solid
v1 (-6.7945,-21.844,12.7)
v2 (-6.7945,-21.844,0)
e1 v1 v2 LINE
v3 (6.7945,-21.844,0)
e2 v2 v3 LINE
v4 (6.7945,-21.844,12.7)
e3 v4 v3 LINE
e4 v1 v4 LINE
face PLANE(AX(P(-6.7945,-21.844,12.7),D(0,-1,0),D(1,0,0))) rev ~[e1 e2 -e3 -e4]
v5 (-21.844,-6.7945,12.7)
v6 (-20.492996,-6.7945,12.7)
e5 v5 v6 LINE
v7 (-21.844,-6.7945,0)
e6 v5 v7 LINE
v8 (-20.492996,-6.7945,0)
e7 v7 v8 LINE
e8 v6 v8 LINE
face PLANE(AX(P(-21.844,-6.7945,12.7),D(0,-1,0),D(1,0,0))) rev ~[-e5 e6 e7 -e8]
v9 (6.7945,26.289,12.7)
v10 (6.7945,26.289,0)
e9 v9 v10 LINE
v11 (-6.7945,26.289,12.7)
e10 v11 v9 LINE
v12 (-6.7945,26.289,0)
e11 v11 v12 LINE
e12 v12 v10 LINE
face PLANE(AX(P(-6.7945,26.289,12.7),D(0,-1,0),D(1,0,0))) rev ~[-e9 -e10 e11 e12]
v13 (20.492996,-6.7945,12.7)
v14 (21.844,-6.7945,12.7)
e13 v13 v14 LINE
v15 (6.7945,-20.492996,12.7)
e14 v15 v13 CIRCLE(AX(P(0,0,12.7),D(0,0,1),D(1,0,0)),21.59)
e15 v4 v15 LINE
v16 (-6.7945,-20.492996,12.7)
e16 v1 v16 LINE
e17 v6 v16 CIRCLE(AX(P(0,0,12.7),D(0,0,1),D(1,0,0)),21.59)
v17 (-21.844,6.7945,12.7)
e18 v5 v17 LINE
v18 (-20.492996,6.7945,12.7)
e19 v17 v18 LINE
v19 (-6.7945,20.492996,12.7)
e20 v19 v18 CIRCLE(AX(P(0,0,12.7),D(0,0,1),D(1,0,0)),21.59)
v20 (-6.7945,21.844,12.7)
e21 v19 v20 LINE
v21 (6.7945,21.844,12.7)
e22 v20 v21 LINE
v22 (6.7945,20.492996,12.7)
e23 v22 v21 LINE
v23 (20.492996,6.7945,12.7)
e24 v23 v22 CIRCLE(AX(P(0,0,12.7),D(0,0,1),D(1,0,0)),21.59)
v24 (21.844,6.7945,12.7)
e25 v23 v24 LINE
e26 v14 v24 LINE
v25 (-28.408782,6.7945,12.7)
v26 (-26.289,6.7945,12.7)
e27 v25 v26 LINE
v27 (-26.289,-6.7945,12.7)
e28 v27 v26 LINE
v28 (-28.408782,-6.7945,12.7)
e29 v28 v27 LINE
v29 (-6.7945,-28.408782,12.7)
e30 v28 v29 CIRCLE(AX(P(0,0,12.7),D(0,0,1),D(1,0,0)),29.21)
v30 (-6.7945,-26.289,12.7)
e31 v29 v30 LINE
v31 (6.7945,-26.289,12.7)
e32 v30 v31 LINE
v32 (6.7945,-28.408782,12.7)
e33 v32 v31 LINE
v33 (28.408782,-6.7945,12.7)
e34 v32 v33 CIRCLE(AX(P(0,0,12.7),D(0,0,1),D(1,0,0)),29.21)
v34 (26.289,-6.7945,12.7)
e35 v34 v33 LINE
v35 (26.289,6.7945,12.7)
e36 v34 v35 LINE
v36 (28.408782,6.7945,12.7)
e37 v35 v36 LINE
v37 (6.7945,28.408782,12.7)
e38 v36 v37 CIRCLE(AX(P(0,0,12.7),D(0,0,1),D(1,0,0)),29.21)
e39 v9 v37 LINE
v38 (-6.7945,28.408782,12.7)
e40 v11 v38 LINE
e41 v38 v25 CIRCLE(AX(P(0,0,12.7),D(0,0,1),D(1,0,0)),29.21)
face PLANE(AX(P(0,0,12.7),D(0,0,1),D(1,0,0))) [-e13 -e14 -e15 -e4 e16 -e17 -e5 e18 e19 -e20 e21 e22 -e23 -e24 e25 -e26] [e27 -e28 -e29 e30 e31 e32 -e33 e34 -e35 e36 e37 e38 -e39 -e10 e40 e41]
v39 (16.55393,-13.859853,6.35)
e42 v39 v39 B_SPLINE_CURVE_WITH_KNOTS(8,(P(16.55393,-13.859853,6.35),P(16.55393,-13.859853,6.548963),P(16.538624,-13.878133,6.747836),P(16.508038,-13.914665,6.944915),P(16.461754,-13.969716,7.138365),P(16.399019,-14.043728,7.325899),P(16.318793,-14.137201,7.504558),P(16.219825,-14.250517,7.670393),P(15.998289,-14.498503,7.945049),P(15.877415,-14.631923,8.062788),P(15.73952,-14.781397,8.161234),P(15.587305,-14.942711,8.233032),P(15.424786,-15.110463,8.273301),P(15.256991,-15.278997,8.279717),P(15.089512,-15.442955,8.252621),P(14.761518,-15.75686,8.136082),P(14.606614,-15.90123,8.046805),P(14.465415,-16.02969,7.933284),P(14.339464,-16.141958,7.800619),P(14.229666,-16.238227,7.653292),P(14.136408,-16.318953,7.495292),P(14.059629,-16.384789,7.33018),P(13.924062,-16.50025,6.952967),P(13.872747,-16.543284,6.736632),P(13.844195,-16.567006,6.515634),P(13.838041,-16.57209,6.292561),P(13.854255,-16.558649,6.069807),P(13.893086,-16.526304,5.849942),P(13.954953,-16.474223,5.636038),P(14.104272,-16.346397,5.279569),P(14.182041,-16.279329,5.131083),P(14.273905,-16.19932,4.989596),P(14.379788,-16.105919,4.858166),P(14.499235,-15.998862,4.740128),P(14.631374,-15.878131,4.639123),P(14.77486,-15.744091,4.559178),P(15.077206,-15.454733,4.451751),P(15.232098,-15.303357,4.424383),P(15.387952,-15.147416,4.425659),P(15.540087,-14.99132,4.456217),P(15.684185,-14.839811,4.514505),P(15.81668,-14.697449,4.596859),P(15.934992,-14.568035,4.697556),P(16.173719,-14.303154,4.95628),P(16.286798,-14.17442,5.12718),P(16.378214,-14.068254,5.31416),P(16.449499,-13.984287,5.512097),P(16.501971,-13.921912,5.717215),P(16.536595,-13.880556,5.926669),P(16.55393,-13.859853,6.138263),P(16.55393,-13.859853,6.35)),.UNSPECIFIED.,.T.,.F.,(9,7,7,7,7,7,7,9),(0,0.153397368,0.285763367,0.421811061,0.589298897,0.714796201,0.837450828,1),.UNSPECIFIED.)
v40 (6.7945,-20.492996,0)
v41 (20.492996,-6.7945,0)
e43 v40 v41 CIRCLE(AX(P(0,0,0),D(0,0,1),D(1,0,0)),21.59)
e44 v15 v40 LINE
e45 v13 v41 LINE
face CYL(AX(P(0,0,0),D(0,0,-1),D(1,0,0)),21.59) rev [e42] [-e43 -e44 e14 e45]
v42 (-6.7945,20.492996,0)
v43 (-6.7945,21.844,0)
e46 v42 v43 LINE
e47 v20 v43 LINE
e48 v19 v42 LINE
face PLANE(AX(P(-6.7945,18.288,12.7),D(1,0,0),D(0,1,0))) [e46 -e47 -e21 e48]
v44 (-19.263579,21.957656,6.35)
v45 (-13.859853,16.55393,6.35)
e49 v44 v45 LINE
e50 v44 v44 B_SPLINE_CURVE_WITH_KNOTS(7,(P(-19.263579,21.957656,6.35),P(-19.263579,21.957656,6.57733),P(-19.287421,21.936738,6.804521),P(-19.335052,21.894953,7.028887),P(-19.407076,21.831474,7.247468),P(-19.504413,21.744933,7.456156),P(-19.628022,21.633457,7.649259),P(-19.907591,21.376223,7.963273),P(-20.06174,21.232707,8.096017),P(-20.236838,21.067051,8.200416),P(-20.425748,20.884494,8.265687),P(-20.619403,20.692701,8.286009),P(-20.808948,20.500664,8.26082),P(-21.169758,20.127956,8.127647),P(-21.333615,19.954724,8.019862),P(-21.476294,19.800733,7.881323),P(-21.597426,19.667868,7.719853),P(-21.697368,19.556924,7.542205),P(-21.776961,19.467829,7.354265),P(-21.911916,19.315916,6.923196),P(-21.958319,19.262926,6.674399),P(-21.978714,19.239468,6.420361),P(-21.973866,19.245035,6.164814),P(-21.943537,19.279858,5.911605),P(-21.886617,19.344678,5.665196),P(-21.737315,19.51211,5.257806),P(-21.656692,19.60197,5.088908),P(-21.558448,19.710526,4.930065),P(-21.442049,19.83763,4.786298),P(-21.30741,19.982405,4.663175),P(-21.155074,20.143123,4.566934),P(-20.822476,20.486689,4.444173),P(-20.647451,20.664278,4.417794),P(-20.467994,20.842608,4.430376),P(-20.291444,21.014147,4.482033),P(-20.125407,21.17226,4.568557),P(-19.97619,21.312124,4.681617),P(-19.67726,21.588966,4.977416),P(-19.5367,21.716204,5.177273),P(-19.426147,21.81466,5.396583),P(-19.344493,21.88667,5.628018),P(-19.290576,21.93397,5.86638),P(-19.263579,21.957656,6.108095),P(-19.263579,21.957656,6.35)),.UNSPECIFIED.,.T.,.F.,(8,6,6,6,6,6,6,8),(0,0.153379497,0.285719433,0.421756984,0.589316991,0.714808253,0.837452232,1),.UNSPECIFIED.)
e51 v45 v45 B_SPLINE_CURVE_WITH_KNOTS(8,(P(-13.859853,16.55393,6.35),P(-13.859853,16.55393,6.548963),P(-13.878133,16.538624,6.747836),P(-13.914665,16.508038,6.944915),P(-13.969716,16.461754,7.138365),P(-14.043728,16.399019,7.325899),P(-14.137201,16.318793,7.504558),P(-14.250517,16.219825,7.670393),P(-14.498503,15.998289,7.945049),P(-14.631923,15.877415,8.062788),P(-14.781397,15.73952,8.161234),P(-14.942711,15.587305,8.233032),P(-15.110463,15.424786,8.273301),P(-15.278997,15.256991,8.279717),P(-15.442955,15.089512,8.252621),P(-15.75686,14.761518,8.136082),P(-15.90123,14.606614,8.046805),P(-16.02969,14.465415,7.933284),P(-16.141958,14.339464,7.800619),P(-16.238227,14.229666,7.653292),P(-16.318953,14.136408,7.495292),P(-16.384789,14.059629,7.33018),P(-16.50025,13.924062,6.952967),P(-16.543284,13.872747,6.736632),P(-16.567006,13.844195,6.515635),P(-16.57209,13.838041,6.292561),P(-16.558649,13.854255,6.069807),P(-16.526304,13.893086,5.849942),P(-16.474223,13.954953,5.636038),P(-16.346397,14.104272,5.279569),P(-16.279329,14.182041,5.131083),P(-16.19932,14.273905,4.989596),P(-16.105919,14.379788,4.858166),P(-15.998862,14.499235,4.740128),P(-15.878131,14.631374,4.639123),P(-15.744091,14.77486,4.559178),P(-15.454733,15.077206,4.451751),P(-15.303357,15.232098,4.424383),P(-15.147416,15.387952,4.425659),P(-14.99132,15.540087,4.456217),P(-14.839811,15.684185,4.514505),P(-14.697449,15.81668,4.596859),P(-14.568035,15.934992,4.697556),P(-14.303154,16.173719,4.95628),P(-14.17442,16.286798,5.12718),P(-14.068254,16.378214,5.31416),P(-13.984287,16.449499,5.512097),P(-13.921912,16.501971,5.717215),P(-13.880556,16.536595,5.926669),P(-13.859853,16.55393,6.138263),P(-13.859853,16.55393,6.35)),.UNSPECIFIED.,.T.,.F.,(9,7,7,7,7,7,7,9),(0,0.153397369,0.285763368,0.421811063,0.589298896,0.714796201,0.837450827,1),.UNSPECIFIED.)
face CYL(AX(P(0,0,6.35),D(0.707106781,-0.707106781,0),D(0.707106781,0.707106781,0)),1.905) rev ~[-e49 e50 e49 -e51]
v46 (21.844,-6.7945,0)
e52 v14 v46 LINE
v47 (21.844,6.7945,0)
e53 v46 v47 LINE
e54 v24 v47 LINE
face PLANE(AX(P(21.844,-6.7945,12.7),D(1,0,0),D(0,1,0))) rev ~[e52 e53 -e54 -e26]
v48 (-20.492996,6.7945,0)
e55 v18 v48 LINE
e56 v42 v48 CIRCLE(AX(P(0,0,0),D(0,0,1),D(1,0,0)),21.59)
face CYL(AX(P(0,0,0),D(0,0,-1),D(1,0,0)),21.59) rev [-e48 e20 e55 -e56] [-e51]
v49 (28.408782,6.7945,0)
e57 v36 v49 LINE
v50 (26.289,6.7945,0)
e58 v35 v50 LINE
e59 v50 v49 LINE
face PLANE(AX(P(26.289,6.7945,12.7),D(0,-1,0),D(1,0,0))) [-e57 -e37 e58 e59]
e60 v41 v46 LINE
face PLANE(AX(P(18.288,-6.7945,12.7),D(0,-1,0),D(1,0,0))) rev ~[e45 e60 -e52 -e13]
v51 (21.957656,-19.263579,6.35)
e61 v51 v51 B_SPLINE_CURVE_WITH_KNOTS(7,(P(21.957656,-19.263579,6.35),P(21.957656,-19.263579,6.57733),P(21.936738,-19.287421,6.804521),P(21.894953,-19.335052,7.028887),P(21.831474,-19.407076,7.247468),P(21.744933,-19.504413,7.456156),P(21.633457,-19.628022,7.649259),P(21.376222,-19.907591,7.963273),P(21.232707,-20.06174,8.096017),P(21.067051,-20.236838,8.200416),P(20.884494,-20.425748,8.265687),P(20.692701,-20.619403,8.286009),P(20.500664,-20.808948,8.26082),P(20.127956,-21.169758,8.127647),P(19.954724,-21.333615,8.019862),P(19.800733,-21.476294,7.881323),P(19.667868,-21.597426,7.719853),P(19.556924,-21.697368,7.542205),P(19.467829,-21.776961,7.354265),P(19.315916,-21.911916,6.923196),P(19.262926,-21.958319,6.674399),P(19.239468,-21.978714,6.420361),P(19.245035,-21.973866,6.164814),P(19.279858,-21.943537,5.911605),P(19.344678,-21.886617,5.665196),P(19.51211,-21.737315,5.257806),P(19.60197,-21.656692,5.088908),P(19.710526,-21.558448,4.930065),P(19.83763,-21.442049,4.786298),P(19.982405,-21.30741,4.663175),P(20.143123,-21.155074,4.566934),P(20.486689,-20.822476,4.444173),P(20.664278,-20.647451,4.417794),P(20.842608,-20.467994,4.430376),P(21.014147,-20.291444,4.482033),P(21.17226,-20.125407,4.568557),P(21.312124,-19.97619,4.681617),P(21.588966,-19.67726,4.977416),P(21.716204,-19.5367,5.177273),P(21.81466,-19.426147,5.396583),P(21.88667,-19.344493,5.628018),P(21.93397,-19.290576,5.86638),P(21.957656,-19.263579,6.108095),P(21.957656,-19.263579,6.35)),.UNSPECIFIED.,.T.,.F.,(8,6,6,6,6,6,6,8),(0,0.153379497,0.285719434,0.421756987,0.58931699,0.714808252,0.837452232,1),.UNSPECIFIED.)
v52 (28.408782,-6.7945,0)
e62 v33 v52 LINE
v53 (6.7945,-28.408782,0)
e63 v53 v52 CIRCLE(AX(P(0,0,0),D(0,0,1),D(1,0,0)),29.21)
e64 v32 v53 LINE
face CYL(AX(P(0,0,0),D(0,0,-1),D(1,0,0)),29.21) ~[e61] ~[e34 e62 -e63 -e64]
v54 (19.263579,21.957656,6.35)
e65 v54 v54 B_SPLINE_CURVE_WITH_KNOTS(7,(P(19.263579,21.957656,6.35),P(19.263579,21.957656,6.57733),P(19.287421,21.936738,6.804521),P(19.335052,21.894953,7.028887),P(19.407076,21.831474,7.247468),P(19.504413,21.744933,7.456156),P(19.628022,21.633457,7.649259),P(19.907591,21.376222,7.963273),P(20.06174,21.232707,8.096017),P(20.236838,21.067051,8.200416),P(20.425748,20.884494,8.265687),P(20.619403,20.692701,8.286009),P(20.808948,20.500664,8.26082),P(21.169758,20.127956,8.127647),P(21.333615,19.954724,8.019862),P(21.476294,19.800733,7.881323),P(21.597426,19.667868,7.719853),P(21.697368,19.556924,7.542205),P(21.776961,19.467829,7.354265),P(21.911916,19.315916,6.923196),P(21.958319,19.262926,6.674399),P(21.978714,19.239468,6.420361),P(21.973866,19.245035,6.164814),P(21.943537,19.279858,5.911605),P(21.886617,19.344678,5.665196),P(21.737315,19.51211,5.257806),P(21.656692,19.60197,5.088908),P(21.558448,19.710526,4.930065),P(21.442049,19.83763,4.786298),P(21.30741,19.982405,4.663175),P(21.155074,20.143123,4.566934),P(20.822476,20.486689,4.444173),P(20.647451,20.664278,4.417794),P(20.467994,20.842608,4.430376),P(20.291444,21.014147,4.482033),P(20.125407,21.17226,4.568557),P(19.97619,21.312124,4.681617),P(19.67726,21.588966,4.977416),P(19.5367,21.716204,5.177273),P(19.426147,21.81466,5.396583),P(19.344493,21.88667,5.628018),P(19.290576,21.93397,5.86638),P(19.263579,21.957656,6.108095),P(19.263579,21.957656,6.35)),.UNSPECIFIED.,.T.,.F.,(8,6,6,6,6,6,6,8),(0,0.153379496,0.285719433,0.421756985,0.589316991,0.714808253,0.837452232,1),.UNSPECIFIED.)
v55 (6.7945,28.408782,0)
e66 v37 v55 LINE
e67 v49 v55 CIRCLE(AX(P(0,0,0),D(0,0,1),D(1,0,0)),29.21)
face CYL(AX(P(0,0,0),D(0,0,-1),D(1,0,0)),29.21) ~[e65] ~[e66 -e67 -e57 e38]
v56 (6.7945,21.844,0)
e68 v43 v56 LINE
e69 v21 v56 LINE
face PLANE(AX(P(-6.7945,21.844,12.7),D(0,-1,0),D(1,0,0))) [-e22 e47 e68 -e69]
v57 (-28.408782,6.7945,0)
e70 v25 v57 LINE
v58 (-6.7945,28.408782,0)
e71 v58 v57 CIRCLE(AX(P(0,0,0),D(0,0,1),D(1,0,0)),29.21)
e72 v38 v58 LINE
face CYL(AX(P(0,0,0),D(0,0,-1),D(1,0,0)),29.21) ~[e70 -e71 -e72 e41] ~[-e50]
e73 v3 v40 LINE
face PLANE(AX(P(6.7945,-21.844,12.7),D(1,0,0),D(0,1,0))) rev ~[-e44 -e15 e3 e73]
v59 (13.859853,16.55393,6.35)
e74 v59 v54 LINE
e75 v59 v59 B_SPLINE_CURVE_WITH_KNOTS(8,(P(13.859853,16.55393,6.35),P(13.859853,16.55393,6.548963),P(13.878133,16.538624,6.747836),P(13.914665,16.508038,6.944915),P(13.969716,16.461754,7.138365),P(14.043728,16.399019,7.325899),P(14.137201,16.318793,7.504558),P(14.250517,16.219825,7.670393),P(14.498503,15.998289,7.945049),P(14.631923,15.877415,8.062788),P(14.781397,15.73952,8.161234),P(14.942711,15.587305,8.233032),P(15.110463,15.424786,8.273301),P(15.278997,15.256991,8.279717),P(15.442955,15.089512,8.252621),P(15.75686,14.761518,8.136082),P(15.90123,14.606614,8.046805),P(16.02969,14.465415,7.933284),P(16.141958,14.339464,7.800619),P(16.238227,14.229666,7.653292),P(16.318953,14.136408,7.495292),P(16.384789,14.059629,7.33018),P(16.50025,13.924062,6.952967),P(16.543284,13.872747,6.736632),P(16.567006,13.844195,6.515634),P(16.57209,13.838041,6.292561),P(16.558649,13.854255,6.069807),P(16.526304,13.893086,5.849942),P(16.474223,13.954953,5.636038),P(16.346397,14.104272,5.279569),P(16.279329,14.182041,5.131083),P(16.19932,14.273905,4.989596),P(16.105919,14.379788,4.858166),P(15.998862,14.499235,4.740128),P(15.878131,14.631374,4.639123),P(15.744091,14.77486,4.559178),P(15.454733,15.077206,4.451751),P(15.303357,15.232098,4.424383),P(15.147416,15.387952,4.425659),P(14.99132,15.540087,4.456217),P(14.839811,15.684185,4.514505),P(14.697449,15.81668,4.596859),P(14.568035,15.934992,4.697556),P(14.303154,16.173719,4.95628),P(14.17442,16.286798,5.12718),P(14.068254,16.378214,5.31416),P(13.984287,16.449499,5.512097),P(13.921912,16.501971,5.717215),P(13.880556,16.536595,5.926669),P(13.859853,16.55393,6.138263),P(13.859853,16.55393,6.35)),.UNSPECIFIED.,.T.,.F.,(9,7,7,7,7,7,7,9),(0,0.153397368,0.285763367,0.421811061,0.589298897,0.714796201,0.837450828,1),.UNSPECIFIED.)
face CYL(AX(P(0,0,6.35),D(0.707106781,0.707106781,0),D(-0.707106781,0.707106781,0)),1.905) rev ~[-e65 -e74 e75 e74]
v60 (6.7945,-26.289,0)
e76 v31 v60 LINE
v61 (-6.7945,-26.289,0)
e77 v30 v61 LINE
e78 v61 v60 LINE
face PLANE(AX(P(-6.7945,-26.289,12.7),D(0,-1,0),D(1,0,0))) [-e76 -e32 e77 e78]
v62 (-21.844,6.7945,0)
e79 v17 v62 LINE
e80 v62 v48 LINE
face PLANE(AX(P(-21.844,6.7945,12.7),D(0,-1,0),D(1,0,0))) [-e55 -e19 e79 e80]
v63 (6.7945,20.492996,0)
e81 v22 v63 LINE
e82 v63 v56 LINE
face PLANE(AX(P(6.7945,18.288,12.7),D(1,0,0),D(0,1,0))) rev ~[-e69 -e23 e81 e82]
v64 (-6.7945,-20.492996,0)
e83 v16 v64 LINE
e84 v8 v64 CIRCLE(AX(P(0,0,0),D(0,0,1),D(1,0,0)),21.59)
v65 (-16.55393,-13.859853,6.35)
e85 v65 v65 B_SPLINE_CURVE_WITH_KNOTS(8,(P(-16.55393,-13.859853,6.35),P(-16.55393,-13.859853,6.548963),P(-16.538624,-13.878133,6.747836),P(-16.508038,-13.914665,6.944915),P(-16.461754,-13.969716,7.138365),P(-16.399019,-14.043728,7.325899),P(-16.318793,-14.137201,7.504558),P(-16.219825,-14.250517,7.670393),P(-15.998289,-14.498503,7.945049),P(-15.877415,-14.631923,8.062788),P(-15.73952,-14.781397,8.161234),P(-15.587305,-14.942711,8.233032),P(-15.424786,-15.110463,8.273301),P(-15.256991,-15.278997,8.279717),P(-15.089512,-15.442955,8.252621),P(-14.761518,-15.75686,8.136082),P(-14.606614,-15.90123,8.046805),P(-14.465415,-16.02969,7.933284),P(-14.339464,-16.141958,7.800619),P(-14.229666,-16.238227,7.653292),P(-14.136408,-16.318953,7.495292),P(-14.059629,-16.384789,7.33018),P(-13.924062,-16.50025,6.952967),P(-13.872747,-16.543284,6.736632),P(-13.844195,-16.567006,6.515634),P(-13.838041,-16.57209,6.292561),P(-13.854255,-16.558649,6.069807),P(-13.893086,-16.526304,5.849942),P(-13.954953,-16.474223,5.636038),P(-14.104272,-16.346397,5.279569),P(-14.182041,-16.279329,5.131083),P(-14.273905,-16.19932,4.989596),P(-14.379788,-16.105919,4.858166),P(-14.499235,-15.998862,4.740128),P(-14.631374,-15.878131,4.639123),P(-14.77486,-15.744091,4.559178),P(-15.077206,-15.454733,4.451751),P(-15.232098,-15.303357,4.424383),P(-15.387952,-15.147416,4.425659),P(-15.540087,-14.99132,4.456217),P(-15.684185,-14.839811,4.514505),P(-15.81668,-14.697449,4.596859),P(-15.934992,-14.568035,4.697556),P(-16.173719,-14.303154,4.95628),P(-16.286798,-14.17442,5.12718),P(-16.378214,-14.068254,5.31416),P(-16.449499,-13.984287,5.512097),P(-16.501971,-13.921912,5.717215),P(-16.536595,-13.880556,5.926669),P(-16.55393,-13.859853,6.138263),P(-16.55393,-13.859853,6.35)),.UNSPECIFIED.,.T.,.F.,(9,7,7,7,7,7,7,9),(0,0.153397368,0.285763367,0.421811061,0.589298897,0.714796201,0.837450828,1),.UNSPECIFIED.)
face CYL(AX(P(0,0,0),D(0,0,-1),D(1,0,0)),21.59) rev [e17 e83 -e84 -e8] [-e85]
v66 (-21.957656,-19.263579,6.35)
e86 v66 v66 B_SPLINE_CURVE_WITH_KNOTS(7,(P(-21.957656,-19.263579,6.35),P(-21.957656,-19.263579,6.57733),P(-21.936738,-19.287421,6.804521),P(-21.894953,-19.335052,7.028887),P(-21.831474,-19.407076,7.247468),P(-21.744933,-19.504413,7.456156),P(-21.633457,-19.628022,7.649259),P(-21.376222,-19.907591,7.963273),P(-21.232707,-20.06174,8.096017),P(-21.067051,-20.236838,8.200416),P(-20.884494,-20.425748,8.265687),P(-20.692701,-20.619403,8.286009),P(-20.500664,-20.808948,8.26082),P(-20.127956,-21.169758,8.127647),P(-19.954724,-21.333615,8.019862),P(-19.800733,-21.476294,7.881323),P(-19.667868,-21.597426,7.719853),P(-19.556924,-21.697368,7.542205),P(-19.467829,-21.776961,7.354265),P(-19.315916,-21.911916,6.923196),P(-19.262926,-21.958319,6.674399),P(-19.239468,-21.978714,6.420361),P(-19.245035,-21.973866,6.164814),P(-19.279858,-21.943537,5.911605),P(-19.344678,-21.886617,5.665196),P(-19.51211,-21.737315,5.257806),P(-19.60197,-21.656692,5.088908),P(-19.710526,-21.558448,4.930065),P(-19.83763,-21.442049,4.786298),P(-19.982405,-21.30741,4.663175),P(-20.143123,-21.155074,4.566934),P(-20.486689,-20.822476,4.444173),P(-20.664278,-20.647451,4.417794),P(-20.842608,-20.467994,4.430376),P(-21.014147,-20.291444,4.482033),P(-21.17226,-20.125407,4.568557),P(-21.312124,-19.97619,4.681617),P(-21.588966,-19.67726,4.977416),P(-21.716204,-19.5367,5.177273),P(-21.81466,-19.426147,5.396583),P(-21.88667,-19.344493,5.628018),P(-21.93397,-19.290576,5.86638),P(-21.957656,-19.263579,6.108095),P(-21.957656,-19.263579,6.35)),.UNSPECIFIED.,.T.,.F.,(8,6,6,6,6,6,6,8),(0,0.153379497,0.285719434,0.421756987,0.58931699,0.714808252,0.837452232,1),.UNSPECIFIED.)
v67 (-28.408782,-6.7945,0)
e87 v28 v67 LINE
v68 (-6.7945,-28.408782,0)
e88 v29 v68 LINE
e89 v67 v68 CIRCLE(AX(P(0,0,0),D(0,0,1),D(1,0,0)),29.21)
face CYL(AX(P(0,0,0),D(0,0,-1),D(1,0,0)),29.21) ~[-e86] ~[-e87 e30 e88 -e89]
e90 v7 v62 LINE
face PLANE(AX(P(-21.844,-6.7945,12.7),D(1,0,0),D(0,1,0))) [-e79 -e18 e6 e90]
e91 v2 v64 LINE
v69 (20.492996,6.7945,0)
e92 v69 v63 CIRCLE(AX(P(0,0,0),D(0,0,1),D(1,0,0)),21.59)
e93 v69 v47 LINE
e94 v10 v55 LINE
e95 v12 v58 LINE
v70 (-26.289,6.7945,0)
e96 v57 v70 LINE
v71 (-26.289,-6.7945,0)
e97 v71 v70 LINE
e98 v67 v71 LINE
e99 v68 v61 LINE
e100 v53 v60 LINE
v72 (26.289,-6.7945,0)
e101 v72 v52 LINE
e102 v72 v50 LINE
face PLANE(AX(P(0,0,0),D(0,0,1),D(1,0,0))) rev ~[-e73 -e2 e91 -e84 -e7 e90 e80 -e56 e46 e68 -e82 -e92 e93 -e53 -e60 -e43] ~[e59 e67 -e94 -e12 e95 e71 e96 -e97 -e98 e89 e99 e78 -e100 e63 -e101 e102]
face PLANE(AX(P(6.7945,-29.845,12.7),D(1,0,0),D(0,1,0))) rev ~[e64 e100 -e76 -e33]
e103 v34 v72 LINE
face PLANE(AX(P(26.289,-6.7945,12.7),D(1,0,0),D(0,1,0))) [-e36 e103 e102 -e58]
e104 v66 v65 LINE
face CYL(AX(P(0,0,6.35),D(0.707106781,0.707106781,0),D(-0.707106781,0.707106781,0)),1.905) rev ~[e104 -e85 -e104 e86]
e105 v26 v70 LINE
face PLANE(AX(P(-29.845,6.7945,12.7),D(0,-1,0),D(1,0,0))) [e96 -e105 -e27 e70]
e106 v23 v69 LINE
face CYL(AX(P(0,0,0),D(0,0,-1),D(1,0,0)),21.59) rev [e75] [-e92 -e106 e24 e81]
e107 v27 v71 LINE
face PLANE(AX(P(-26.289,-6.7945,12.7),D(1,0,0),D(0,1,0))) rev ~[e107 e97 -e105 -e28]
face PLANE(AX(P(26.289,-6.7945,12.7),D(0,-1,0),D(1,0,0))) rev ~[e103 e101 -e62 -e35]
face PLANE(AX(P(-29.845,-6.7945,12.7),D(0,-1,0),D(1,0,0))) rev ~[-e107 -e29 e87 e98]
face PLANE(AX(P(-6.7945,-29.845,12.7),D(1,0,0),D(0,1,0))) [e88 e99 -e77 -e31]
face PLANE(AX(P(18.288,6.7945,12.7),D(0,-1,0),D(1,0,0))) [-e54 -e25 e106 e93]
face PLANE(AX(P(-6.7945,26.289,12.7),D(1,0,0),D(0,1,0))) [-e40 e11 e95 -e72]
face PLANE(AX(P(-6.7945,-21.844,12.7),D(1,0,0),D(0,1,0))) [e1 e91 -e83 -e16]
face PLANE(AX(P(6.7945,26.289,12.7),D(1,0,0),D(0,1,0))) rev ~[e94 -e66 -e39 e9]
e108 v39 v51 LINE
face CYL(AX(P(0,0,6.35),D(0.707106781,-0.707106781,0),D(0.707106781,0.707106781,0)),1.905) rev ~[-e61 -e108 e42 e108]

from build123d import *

# Parameters (mm, degrees)
F0_R      = 29.21
F0_R_2    = 21.59
F1_DEPTH  = 12.7
F2_W      = 13.589
F2_H      = 3.556
F2_W_2    = 3.556
F2_H_2    = 13.589
F3_DEPTH  = 25.4
F7_R      = 1.905
F8_DEPTH  = 393.7
F12_R     = 1.905
F13_DEPTH = 38.1


with BuildPart() as f1:
    # F0 (on Top) → F1 (new body)
    with BuildSketch(Plane.XY):
        Circle(F0_R)
        Circle(F0_R_2, mode=Mode.SUBTRACT)
    extrude(amount=F1_DEPTH)

    # F2 (on face) → F3 (cut)
    with BuildSketch(Plane.XY.offset(12.7)):
        with Locations((0, 20.066)):
            Rectangle(F2_W, F2_H)
        with Locations((0, 28.067)):
            Rectangle(F2_W, F2_H)
        with Locations((-20.066, 0)):
            Rectangle(F2_W_2, F2_H_2)
        with Locations((-28.067, 0)):
            Rectangle(F2_W_2, F2_H_2)
        with Locations((0, -20.066)):
            Rectangle(F2_W, F2_H)
        with Locations((0, -28.067)):
            Rectangle(F2_W, F2_H)
        with Locations((20.066, 0)):
            Rectangle(F2_W_2, F2_H_2)
        with Locations((28.067, 0)):
            Rectangle(F2_W_2, F2_H_2)
    extrude(amount=-F3_DEPTH, mode=Mode.SUBTRACT)

    # F7 (on 3pt) → F8 (cut, symmetric)
    with BuildSketch(Plane(origin=(0, 0, 0), x_dir=(0.7071067812, 0.7071067812, 0), z_dir=(0.7071067812, -0.7071067812, 0))):
        with Locations((0, 6.35)):
            Circle(F7_R)
    extrude(amount=F8_DEPTH, both=True, mode=Mode.SUBTRACT)

    # F12 (on 3pt) → F13 (cut, symmetric)
    with BuildSketch(Plane(origin=(0, 0, 0), x_dir=(-0.7071067812, 0.7071067812, 0), z_dir=(0.7071067812, 0.7071067812, 0))):
        with Locations((0, 6.35)):
            Circle(F12_R)
    extrude(amount=F13_DEPTH, both=True, mode=Mode.SUBTRACT)


solid = f1.part
